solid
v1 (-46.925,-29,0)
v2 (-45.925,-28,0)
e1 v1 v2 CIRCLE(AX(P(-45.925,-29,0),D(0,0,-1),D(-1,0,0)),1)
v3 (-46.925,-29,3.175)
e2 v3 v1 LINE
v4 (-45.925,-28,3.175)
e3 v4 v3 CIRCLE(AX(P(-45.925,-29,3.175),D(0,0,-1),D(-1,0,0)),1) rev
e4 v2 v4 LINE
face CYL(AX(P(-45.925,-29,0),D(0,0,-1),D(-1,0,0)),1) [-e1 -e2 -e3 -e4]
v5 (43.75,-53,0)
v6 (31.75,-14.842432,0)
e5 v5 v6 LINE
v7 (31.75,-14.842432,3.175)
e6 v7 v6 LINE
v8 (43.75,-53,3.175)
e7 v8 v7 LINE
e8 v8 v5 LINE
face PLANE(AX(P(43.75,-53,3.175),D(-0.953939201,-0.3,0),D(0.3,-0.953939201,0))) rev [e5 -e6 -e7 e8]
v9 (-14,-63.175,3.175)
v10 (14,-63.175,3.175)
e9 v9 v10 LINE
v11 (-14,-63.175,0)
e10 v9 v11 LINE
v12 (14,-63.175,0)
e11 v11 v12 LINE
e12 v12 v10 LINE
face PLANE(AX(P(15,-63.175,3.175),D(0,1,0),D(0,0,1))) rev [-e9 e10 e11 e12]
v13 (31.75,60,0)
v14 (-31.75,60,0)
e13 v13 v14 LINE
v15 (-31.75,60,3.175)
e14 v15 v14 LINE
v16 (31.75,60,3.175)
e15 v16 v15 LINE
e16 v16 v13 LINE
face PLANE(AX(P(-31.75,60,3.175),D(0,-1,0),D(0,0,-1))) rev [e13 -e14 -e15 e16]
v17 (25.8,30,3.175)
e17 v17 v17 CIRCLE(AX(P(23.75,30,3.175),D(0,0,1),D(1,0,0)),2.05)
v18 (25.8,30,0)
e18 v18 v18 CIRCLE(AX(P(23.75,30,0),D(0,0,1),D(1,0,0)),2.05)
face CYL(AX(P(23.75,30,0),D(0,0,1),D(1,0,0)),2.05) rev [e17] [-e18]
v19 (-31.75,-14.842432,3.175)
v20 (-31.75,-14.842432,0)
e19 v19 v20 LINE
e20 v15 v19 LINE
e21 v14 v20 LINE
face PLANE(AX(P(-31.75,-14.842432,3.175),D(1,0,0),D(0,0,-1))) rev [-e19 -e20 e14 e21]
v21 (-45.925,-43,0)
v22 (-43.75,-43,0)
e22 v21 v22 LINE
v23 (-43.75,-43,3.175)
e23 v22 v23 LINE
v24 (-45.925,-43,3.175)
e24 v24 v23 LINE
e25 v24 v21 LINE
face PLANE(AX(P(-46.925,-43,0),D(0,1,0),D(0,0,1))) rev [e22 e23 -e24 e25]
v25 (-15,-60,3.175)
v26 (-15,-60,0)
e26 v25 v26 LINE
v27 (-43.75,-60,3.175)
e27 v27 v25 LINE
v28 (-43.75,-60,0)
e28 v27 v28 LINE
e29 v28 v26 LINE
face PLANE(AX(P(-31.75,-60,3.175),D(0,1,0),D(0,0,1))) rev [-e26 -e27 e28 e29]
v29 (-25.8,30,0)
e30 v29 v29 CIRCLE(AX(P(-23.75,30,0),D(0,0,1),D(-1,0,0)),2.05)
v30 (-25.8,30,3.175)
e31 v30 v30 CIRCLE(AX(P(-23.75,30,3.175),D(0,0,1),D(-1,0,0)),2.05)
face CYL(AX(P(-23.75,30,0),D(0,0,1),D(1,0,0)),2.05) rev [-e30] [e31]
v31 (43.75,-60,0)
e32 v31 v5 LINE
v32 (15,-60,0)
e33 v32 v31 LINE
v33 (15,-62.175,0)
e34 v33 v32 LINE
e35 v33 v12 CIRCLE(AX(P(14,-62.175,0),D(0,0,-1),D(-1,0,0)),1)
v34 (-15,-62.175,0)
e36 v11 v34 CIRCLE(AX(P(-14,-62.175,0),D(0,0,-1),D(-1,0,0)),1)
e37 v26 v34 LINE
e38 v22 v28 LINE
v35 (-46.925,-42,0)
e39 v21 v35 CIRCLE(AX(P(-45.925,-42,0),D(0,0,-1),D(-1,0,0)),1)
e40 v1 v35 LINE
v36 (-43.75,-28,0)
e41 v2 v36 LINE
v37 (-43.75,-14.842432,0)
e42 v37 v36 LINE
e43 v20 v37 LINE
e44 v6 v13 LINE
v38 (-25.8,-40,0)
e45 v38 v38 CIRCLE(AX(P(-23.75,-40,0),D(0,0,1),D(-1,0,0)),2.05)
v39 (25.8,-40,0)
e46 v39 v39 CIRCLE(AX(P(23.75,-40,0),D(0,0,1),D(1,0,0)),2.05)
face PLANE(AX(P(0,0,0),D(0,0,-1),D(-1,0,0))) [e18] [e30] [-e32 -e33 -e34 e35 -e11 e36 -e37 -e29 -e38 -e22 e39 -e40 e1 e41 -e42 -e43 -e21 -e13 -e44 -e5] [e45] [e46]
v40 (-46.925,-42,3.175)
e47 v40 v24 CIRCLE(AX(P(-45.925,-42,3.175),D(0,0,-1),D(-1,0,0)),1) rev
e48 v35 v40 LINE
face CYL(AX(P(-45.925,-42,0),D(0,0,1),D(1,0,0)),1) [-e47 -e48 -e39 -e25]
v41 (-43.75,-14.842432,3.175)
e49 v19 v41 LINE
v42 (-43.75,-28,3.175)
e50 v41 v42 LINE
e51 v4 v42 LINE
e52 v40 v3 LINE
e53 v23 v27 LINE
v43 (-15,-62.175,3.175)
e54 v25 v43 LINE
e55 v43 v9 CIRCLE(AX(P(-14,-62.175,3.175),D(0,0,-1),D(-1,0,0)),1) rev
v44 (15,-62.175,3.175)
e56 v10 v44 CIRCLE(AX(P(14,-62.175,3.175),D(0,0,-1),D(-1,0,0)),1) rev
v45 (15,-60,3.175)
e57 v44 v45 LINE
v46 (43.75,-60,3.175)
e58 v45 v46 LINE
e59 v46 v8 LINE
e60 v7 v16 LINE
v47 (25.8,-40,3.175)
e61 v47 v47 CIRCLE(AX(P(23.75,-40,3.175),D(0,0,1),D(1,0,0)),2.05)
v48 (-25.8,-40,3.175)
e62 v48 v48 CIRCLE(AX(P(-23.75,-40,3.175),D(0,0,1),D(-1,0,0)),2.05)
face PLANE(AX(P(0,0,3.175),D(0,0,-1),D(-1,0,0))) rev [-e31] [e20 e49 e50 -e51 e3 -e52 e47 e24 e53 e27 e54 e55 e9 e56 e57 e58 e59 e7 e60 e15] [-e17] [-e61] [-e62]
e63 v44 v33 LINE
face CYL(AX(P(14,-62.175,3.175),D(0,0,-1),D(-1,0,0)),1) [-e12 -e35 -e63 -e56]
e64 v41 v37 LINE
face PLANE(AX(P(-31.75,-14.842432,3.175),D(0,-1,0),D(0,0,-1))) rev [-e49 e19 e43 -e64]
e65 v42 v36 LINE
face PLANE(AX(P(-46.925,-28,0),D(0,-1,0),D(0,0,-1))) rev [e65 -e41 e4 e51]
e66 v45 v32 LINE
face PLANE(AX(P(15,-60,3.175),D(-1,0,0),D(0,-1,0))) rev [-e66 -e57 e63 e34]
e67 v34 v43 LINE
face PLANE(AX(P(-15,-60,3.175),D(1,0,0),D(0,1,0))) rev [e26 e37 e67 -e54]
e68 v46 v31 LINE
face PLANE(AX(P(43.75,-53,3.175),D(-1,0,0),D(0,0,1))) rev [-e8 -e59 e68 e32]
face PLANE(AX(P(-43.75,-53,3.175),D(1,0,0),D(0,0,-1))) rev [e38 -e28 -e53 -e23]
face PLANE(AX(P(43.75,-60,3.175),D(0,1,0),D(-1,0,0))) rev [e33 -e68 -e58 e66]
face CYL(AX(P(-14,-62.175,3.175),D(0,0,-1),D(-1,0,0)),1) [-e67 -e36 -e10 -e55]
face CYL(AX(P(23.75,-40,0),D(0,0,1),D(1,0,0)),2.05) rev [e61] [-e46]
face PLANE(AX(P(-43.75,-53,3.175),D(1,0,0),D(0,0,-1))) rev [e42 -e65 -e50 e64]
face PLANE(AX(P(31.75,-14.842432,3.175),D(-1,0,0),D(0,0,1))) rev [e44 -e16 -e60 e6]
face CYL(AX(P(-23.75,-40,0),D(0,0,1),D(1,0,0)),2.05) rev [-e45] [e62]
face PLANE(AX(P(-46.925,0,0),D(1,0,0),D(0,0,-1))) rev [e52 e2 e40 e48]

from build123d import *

# Parameters (mm, degrees)
BOSS_EXTRUDE1_DEPTH = 3.175
SKETCH2_R           = 2.05
CUT_EXTRUDE1_DEPTH  = 4.175
SKETCH3_W           = 3.175
SKETCH3_H           = 15
BOSS_EXTRUDE2_DEPTH = 3.175
FILLET1_R           = 1


with BuildPart() as part:
    # Sketch1 → Boss-Extrude1 (new body)
    with BuildSketch(Plane.XY):
        Polygon((-31.75, -60), (-15, -60), (-15, -63.175), (15, -63.175), (15, -60), (31.75, -60), (43.75, -60), (43.75, -53), (31.75, -14.842431943), (31.75, 60), (-31.75, 60), (-31.75, -14.842431943), (-43.75, -14.842431943), (-43.75, -53), (-43.75, -60), align=None)
    extrude(amount=BOSS_EXTRUDE1_DEPTH)

    # Sketch2 → Cut-Extrude1 (cut, through all)
    with BuildSketch(Plane.XY.offset(3.175)):
        with Locations((23.75, 30)):
            Circle(SKETCH2_R)
        with Locations((23.75, -40)):
            Circle(SKETCH2_R)
        with Locations((-23.75, -40)):
            Circle(SKETCH2_R)
        with Locations((-23.75, 30)):
            Circle(SKETCH2_R)
    extrude(amount=-CUT_EXTRUDE1_DEPTH, mode=Mode.SUBTRACT)

    # Sketch3 → Boss-Extrude2 (add)
    with BuildSketch(Plane.ZY.offset(43.75)):
        with Locations((1.5875, -35.5)):
            Rectangle(SKETCH3_W, SKETCH3_H)
    extrude(amount=BOSS_EXTRUDE2_DEPTH)

    # Fillet1
    fillet1_edges = [part.edges().sort_by_distance(p)[0] for p in [
        (15, -63.175, 1.5875),
        (-15, -63.175, 1.5875),
        (-46.925, -43, 1.5875),
        (-46.925, -28, 1.5875),
    ]]
    fillet(fillet1_edges, radius=FILLET1_R)


solid = part.part
